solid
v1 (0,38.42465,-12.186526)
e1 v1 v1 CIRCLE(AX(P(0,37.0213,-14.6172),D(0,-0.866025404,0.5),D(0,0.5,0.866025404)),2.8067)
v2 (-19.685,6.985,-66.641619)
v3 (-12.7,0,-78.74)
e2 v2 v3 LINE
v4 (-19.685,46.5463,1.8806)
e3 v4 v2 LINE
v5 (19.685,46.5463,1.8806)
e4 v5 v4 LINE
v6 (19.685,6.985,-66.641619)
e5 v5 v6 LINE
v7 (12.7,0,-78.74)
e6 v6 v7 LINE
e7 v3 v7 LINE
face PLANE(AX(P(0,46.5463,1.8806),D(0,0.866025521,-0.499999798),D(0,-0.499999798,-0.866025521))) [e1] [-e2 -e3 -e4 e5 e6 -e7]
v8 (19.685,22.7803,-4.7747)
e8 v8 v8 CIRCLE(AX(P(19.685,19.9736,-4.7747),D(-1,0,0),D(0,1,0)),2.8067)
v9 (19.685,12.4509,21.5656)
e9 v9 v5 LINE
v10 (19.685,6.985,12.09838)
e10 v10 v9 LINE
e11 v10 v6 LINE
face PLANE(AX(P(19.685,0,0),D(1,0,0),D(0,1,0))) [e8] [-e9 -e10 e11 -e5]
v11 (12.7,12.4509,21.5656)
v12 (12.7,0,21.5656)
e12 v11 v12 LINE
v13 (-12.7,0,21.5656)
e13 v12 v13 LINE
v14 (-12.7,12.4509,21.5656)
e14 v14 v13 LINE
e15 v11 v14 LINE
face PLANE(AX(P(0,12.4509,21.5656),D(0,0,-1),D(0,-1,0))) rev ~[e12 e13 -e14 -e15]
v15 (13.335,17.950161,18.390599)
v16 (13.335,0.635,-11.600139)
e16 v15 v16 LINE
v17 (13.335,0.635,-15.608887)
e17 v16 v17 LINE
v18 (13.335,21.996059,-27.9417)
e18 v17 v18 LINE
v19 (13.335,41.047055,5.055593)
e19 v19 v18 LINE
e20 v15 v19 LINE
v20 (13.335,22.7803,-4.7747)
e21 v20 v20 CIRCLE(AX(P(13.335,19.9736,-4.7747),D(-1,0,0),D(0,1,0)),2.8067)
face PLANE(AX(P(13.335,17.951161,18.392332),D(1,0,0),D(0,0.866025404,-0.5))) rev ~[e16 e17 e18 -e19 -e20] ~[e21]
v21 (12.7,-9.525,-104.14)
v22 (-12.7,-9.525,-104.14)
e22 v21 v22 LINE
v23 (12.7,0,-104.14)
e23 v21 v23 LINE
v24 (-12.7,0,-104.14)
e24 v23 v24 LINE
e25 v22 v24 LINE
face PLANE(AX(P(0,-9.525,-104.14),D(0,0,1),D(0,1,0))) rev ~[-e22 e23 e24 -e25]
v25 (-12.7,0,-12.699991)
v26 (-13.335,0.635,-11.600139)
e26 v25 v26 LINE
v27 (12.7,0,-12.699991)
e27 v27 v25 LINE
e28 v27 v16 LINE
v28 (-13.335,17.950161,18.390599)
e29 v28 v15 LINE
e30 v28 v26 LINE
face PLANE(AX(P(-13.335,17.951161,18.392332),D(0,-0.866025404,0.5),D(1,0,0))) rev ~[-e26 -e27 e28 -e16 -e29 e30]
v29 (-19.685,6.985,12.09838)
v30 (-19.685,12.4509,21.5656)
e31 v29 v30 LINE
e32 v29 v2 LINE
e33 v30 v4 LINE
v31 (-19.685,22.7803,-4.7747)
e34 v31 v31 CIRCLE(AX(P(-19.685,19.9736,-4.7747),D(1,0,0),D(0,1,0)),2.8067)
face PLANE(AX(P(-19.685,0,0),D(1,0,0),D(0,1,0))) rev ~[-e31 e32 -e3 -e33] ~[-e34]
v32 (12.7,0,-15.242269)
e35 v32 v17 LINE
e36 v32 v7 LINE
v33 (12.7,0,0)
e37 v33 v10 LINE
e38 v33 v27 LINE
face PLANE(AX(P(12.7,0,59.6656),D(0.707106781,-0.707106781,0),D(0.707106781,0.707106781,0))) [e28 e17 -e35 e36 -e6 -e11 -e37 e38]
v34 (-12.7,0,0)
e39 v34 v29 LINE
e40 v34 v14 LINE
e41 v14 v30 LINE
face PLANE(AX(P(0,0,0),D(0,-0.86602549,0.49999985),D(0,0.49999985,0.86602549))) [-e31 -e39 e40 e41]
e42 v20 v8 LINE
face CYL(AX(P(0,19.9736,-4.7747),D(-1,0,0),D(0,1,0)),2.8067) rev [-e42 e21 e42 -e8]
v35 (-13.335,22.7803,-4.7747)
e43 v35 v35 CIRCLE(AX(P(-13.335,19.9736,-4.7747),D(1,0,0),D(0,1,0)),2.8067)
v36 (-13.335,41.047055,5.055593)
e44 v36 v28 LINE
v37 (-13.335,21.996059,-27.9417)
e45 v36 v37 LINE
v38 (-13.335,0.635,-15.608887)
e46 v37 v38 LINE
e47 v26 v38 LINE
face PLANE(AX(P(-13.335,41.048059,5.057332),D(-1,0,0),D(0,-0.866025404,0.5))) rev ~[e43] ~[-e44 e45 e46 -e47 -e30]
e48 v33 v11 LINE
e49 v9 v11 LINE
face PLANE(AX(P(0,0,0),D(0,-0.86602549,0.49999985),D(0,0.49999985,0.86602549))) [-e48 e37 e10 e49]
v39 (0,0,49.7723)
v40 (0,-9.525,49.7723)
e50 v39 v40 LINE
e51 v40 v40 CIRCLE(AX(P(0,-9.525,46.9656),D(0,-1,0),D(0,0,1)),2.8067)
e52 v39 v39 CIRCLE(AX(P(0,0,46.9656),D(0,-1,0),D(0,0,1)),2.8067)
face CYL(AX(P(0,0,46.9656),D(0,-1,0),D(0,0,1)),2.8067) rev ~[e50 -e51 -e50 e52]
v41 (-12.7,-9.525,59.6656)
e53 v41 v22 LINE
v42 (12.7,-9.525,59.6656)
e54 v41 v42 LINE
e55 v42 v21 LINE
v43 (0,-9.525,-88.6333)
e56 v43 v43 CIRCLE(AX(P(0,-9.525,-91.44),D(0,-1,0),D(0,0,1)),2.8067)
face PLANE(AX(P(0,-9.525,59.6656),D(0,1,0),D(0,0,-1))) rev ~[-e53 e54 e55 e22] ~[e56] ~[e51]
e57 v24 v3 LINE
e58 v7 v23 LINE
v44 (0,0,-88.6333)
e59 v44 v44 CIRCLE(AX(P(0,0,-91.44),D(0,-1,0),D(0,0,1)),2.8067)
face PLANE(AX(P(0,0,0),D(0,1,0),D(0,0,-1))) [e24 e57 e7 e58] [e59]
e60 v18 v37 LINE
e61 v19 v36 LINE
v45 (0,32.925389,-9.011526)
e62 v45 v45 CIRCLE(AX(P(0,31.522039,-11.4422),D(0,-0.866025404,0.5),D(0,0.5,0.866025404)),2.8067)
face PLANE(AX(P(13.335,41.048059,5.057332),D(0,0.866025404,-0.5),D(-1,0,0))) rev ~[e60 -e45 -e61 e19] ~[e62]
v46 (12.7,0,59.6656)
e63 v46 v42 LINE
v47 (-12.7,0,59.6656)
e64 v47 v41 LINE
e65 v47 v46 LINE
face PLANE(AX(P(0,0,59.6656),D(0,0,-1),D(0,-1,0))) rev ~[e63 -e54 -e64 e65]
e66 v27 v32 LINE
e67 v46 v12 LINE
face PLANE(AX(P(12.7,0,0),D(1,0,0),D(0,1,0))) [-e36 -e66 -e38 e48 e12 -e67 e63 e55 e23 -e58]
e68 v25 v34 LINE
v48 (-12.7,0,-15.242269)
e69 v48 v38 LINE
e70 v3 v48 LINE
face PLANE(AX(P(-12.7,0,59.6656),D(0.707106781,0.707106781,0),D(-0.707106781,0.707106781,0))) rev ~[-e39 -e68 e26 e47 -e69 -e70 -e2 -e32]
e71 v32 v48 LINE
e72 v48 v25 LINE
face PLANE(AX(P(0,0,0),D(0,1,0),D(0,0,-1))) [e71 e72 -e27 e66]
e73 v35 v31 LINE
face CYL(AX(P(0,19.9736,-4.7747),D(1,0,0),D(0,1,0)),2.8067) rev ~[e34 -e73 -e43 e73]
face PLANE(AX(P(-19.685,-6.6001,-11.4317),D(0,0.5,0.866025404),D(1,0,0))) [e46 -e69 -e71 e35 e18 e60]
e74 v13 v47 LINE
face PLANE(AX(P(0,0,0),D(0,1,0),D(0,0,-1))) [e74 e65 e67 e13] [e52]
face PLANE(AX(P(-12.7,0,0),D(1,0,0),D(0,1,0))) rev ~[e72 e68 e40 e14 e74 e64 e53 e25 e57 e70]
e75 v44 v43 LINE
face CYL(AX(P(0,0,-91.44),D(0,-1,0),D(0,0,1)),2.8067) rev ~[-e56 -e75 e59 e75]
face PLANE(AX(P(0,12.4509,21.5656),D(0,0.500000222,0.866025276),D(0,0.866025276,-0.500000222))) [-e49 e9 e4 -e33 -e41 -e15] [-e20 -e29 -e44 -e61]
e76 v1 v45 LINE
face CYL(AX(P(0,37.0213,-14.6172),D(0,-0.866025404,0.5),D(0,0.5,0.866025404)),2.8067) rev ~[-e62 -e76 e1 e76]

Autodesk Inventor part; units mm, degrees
ref_plane "YZ Plane" through (0, 0, 0) normal (1, 0, 0) x (0, 1, 0)
ref_plane "XZ Plane" through (0, 0, 0) normal (0, 1, 0) x (-1, 0, 0)
ref_plane "XY Plane" through (0, 0, 0) normal (0, 0, 1) x (1, 0, 0)
sketch "Sketch1" plane through (0, 0, 0) normal (1, 0, 0) x (0, 1, 0)
  line L0 (0, 0) -> (12.4509, 21.5656)
  line L1 (12.4509, 21.5656) -> (46.5463, 1.8806)
  line L2 (0, -101.8491) -> (0, 42.1347) projected
  line L3 (46.5463, 1.8806) -> (0, -78.74)
  line L4 (0, 0) -> (0, -78.74)
  line L5 (19.05, 17.7556) -> (0, -15.24) construction
  dimension "d0" = 39.37
  dimension "d1" = 30
  dimension "d5" = 7.62
  dimension "d6" = 38.1
extrude "Extrusion1" add sketch "Sketch1" along normal mid plane 39.37
sketch "Sketch2" plane through (-19.685, 12.4509, 21.5656) normal (0, 0.5, 0.866) x (1, 0, 0)
  line L0 (0, 0) -> (39.37, 0) construction
  line L1 (39.37, 0) -> (39.37, 39.37) construction
  line L2 (0, 0) -> (39.37, 39.37) construction
  line L3 (39.37, 39.37) -> (0, 39.37) construction
  line L4 (0, 39.37) -> (39.37, 0) construction
  line L5 (6.35, 6.35) -> (33.02, 6.35)
  line L6 (33.02, 6.35) -> (33.02, 33.02)
  line L7 (33.02, 33.02) -> (6.35, 33.02)
  line L8 (6.35, 33.02) -> (6.35, 6.35)
  line L9 (6.35, 6.35) -> (33.02, 33.02) construction
  line L10 (33.02, 6.35) -> (6.35, 33.02) construction
  point P0 (19.685, 0)
  point P1 (19.685, 19.685)
  dimension "d7" = 26.67
extrude "Extrusion2" cut sketch "Sketch2" against normal blind 38.1
sketch "Sketch3" plane through (0, 0, 0) normal (1, 0, 0) x (0, 1, 0)
  line L0 (12.4509, 21.5656) -> (0, 0) projected
  line L1 (0, 0) -> (0, -78.74) projected
  line L2 (0, -78.74) -> (46.5463, 1.8806) projected
  line L3 (21.997, -27.94) -> (0, -15.24) projected
  line L4 (17.9501, 18.3906) -> (0, -12.7) projected
  line L5 (0, 0) -> (0, -78.74)
  line L6 (12.4509, 21.5656) -> (-1.0999, 21.5656) construction
  line L7 (0, 0) -> (12.4509, 21.5656) projected
  line L8 (0, 0) -> (0, 59.6656)
  line L9 (46.5463, 1.8806) -> (0, -78.74) projected
  line L10 (0, -78.74) -> (0, -104.14)
  line L11 (0, -137.4091) -> (0, 77.6947) projected
  line L12 (0, 59.6656) -> (-9.525, 59.6656)
  line L13 (-9.525, 59.6656) -> (-9.525, -104.14)
  line L14 (-9.525, -104.14) -> (0, -104.14)
  point P0 (1.0999, -13.335)
  point P1 (0, -15.24)
  point P2 (0, -12.7)
  dimension "d10" = 38.1
  dimension "d11" = 25.4
  dimension "d12" = 9.525
  dimension "supportBaseLength" = 163.8056
extrude "Extrusion3" add sketch "Sketch3" along normal mid plane 25.4
sketch "Sketch5" plane through (0, 0, 0) normal (1, 0, 0) x (0, 1, 0)
  line L0 (0, 0) -> (12.4509, 21.5656) projected
  line L1 (0, 59.6656) -> (0, 0) projected
  line L2 (12.4509, 21.5656) -> (46.5463, 1.8806) projected
  line L3 (12.4509, 21.5656) -> (0, 21.5656)
  line L4 (0, 0) -> (12.4509, 21.5656)
extrude "Extrusion5" add sketch "Sketch5" along normal mid plane 25.4
sketch "Sketch4" plane through (0, 0, 0) normal (0, 0, 1) x (1, 0, 0)
  line L0 (19.685, 46.5463) -> (-19.685, 46.5463) projected
  line L1 (19.685, 0) -> (19.685, 46.5463) projected
  line L2 (19.685, 0) -> (12.7, 0) projected
  line L3 (12.7, 0) -> (-12.7, 0) projected
  line L4 (-12.7, 0) -> (-19.685, 0) projected
  line L5 (-19.685, 46.5463) -> (-19.685, 0) projected
  line L6 (-12.7, 0) -> (-12.7, -9.525) projected
  line L7 (12.7, -9.525) -> (-12.7, -9.525) projected
  line L8 (12.7, -9.525) -> (12.7, 0) projected
  line L9 (-12.7, 0) -> (-19.685, 6.985)
  line L10 (-19.685, 46.5463) -> (-19.685, 0) projected
  line L11 (-19.685, 6.985) -> (-19.685, 0)
  line L12 (0, 0) -> (0, 46.5463) construction
  line L13 (12.7, 0) -> (19.685, 0)
  line L14 (12.7, 0) -> (19.685, 6.985)
  line L15 (19.685, 6.985) -> (19.685, 0)
  dimension "d15" = 45
extrude "Extrusion4" cut sketch "Sketch4" against normal up to surface (163.8056 mm away) from surface at 59.6656 contours L1 L2 L14 | L9 L4 L5
sketch "Sketch6" plane through (-12.7, 0, 59.6656) normal (0, 1, 0) x (1, 0, 0)
  line L0 (25.4, 163.8056) -> (0, 163.8056) construction
  line L1 (12.7, 163.8056) -> (12.7, 0) construction
  line L2 (25.4, 0) -> (0, 0) construction
  point P0 (12.7, 59.6656)
  point P1 (12.7, 151.1056)
  point P2 (12.7, 12.7)
  dimension "d21" = 12.7
  dimension "d22" = 12.7
hole "Hole1" at (0, 0, -91.44) at (0, 0, 46.9656) direction (0, -1, 0) diameter 5.6134 end through all clearance for "Flat Head Machine Screw (82)" size "#10" standard "Ansi Unified Screw Threads"
sketch "Sketch9" plane through (0, 0, 0) normal (1, 0, 0) x (0, 1, 0)
  line L0 (0.635, -11.6001) -> (0.635, -15.6066) projected
  line L1 (0.635, -15.6066) -> (21.997, -27.94) projected
  line L2 (41.047, 5.0556) -> (21.997, -27.94) projected
  line L3 (17.9501, 18.3906) -> (41.047, 5.0556) projected
  line L4 (17.9501, 18.3906) -> (0.635, -11.6001) projected
  line L5 (29.4986, 11.7231) -> (10.4486, -21.2725) construction
  line L6 (0.635, -15.6066) -> (21.997, -27.94) construction
  circle A0 centre (19.9736, -4.7747) radius 2.8067
  point P0 (0, 0)
  dimension "d30" = 5.6134
extrude "Extrusion6" cut sketch "Sketch9" along normal through all both and the other way through all contours A0
sketch "Sketch10" plane through (-19.685, 46.5463, 1.8806) normal (0, 0.866, -0.5) x (1, 0, 0)
  line L0 (6.35, 0) -> (33.02, 0) construction
  line L1 (19.685, 0) -> (19.685, 77.7875) construction
  point P0 (19.685, 24.9018)
  point P1 (19.685, 19.05)
  dimension "d33" = 19.05
hole "Hole2" at (0, 37.0213, -14.6172) direction (0, -0.866, 0.5) diameter 5.6134 depth 6.35 clearance for "Flat Head Machine Screw (82)" size "#10" standard "Ansi Unified Screw Threads"
equation "\"d0\" = widthToSupportExtrusion"
equation "\"d1\" = attachementAngle"
equation "\"d6\" = insertDepth"
equation "\"d2\" = widthToSupportExtrusion"
equation "\"d7\" = insertForExtrusion"
equation "\"d8\" = insertDepth"
equation "\"d10\" = lenghtUnderBrace"
equation "\"d11\" = backLength"
equation "\"d12\" = supportBaseDepth"
equation "\"d13\" = supportBaseWidth"
equation "\"d19\" = supportBaseWidth"
equation "\"d21\" = supportHoleDistanceFromEnd"
equation "\"d22\" = supportHoleDistanceFromEnd"
equation "\"attachementAngle\" = 30deg"
equation "\"extrusionSize\" = 25.4"
equation "\"wallThickness\" = 6.35"
equation "\"slipClearance\" = 0.635"
equation "\"insertForExtrusion\" = extrusionSize + 2 * slipClearance"
equation "\"widthToSupportExtrusion\" = insertForExtrusion + 2 * wallThickness"
equation "\"insertDepth\" = 38.1"
equation "\"supportBaseWidth\" = 25.4"
equation "\"supportBaseDepth\" = 9.525"
equation "\"supportHoleDistanceFromEnd\" = 12.7"
equation "\"lenghtUnderBrace\" = 38.1"
equation "\"backLength\" = 25.4"
properties part number "30DegreeAttachementV03"
